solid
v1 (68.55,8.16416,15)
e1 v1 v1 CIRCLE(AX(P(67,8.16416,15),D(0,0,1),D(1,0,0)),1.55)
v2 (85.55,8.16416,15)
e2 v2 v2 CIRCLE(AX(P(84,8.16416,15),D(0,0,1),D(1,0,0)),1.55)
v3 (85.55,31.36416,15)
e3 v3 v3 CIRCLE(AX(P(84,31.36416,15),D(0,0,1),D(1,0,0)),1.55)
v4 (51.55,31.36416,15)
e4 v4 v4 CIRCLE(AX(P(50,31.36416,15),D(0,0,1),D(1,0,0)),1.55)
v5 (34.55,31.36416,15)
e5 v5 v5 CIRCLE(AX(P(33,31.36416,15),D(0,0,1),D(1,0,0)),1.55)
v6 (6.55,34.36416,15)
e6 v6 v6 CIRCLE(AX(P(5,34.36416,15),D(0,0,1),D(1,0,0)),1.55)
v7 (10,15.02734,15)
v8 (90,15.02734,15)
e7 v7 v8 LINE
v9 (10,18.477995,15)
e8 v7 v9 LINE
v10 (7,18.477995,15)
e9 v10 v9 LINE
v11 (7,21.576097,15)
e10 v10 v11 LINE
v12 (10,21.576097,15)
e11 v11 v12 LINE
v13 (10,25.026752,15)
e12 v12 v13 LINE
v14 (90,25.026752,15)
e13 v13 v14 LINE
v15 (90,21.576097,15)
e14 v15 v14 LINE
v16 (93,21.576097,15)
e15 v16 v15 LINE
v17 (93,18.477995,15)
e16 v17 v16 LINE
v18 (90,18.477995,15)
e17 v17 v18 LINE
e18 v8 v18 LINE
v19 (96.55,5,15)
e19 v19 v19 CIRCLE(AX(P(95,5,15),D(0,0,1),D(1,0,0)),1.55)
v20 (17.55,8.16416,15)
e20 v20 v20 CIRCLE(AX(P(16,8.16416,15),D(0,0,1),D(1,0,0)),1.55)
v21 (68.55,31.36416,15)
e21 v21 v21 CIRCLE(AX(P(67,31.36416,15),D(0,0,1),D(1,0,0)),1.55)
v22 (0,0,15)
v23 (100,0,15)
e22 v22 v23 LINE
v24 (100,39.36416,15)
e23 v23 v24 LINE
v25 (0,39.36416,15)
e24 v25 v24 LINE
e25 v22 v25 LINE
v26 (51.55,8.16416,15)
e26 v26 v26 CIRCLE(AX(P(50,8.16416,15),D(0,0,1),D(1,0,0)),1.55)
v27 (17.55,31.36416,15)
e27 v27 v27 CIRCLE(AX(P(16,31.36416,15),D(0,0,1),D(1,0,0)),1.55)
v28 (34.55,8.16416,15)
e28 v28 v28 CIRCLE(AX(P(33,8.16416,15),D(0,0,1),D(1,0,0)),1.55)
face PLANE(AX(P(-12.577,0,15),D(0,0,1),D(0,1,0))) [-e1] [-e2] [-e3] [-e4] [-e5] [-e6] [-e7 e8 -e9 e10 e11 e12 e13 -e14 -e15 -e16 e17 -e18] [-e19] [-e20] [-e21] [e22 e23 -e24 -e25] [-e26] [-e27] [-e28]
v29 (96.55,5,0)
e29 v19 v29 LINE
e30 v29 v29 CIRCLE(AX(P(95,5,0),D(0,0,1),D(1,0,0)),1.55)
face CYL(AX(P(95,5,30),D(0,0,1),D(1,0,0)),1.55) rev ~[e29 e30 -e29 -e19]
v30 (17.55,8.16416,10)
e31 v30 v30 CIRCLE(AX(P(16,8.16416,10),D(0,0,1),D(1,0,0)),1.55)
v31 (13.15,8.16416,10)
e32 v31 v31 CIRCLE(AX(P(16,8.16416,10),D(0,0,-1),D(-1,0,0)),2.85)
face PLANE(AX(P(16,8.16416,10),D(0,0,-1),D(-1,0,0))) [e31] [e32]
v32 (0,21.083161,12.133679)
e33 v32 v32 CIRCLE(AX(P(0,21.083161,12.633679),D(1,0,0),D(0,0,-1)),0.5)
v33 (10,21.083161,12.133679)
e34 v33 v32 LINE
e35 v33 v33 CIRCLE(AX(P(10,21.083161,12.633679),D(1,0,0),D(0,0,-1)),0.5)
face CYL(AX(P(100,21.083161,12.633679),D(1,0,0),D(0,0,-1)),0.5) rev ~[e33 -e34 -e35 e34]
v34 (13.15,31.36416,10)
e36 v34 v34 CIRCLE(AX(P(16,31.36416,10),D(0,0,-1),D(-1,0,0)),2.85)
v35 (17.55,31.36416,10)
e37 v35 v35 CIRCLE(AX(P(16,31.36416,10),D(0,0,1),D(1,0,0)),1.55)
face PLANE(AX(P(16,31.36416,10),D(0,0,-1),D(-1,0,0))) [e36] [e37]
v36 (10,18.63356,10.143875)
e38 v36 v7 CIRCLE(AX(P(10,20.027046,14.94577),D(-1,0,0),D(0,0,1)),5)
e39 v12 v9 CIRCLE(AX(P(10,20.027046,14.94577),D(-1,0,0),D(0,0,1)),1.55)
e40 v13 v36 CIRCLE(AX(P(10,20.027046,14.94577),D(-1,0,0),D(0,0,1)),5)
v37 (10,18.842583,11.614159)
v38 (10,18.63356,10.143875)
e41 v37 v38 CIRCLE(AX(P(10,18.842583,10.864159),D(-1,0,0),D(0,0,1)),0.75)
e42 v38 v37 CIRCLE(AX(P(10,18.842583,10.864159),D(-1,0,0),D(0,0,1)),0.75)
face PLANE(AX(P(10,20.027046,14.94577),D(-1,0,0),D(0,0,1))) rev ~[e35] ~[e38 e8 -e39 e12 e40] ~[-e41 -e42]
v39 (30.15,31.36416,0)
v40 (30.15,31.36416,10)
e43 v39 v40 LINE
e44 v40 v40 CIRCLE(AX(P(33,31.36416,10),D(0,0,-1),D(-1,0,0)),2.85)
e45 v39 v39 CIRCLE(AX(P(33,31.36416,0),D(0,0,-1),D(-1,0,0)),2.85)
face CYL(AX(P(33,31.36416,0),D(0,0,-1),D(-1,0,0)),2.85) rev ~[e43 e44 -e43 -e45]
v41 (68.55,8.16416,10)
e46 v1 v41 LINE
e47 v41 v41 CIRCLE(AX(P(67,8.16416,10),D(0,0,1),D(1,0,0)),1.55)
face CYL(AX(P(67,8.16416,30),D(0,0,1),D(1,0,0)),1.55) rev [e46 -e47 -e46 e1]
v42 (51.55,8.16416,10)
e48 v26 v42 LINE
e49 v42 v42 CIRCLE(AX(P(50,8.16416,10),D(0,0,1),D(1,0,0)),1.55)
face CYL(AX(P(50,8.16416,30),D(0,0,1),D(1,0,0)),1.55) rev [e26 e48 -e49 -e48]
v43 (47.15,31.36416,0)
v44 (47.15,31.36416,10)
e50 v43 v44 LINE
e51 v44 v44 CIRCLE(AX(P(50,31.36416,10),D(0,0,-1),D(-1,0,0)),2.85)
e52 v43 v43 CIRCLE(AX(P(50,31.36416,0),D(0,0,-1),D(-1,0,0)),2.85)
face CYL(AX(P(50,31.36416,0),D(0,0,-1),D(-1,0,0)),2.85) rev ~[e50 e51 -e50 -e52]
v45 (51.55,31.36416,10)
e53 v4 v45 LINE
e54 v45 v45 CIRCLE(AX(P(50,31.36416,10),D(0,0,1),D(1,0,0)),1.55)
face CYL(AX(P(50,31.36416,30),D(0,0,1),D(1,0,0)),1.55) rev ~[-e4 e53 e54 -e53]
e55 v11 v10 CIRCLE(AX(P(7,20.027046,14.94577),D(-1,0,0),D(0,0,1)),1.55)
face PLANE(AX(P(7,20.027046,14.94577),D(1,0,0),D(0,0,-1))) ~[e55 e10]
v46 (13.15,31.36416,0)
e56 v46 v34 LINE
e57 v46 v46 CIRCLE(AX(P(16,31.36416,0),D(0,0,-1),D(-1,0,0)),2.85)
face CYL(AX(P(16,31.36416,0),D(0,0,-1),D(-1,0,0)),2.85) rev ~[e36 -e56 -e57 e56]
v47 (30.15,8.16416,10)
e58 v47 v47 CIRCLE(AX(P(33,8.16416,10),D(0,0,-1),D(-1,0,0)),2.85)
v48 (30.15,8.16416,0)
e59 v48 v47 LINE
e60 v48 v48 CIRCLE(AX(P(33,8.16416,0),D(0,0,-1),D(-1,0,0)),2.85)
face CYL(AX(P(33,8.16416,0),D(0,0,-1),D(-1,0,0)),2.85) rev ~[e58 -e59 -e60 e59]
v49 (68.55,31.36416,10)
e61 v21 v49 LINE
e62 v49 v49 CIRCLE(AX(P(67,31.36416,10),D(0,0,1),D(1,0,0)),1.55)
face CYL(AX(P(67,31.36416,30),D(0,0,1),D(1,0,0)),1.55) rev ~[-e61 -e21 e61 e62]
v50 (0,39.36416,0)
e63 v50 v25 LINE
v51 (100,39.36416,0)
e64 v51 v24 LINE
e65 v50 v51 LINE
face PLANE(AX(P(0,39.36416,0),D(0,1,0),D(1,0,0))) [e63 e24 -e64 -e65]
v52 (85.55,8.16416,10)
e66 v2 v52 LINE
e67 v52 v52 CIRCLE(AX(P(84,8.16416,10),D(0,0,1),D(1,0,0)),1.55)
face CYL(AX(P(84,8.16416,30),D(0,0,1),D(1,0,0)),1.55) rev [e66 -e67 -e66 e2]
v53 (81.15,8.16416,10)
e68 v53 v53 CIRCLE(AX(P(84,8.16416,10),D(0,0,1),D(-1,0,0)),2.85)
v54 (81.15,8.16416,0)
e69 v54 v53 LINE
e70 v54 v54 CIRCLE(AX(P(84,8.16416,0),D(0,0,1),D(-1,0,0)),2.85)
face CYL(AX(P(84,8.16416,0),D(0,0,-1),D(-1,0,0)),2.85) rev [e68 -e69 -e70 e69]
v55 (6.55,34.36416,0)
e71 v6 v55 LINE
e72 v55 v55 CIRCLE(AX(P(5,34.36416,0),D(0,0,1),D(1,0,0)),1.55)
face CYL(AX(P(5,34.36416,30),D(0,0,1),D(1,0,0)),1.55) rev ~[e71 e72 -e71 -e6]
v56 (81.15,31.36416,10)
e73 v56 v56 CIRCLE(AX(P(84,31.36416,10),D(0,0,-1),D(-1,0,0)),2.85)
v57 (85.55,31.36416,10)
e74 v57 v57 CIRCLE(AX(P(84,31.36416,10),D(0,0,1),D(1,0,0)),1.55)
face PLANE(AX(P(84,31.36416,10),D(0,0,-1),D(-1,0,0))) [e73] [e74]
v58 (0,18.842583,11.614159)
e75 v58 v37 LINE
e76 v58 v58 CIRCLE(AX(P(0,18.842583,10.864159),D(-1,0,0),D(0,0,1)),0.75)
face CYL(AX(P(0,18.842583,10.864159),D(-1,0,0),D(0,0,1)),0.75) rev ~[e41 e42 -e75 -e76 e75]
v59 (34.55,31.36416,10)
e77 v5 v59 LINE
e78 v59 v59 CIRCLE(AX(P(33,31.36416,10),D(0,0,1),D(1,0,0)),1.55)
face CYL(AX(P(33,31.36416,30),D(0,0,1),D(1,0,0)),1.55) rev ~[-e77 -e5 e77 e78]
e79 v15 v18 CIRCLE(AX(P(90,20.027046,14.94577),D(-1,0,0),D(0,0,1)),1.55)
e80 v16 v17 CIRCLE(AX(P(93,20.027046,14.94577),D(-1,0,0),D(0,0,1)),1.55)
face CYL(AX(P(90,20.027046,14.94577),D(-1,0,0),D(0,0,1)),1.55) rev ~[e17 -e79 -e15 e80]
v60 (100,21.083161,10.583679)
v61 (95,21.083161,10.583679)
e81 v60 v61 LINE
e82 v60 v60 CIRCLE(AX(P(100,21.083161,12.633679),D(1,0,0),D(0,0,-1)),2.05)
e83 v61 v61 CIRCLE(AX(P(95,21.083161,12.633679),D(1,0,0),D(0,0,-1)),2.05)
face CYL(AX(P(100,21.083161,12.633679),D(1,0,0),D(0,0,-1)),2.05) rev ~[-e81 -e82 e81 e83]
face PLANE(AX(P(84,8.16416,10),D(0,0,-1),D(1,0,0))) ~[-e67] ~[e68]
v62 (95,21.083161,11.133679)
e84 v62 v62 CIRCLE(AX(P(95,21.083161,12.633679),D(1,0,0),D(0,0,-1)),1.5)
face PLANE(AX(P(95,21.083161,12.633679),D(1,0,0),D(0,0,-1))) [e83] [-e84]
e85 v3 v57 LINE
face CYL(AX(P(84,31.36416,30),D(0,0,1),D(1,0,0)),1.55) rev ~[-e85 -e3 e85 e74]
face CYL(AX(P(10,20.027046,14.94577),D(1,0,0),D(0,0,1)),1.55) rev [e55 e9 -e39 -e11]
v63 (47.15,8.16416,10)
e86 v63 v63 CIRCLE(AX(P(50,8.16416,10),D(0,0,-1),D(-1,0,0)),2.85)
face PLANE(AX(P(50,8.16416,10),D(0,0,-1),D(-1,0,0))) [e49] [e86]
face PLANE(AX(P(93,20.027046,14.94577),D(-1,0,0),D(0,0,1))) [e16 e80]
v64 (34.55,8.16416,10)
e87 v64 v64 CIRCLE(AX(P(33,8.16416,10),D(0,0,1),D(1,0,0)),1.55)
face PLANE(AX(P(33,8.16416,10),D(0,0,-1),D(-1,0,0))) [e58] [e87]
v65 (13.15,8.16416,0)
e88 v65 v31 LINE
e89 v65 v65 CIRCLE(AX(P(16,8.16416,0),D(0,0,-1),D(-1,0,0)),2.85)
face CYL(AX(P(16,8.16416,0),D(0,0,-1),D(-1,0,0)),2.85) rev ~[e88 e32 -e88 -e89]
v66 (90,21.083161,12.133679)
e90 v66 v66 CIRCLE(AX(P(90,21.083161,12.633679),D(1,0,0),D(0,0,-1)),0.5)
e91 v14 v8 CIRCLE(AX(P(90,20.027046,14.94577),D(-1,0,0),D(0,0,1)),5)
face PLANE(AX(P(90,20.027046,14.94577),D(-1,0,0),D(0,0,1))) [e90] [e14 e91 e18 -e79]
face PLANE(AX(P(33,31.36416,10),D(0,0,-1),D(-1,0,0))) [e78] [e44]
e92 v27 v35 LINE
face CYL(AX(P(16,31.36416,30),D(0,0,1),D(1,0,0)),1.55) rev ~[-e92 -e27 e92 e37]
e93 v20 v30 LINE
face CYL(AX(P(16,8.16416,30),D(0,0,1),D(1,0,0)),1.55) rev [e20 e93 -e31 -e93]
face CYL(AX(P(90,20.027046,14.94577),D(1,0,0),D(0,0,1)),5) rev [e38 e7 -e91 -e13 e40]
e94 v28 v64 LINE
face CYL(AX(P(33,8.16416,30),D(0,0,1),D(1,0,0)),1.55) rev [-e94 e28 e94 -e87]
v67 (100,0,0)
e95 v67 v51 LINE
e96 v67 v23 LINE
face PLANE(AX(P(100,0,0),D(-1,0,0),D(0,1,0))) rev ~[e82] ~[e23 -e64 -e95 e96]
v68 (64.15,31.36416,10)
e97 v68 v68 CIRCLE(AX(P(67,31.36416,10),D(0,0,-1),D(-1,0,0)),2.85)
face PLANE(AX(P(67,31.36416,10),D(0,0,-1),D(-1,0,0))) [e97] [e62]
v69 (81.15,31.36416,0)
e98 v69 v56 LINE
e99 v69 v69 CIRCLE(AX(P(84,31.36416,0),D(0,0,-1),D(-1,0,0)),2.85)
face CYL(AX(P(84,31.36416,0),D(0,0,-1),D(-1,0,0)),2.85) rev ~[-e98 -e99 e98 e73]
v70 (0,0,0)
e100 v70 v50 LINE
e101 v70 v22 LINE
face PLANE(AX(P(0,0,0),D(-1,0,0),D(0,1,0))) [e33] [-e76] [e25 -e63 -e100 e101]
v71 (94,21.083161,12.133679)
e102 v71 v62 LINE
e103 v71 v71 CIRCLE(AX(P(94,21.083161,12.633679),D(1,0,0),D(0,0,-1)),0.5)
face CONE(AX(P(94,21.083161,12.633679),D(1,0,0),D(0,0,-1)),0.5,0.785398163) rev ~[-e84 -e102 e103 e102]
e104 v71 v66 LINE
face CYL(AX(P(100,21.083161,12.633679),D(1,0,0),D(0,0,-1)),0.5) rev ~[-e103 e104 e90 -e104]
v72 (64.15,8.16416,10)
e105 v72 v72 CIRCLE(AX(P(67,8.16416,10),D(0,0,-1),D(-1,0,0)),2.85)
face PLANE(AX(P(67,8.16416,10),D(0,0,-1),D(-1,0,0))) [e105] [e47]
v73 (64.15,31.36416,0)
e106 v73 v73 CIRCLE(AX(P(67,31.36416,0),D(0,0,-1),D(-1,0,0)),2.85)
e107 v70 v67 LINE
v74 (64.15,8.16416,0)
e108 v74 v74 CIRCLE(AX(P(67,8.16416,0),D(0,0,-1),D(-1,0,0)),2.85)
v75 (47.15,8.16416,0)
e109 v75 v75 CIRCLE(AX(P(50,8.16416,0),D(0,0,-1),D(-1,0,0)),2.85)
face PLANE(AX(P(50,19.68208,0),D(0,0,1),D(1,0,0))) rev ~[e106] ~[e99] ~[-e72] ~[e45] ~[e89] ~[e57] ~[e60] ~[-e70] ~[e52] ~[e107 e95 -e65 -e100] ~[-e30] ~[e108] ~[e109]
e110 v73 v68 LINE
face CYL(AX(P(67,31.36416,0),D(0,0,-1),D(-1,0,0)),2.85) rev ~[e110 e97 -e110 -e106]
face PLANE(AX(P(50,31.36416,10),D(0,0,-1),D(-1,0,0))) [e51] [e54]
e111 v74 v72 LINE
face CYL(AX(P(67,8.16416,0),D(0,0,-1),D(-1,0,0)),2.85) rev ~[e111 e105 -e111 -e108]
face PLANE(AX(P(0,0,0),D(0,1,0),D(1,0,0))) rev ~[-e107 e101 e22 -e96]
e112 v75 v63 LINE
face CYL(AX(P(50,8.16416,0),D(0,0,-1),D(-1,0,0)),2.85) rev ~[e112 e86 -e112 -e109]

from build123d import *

# Parameters (mm, degrees)
SKIZZE2_W                            = 100
SKIZZE2_H                            = 39.364160046
AUFSATZ_LINEAR_AUSTRAGEN1_DEPTH      = 30
SCHNITT_LINEAR_AUSTRAGEN1_DEPTH      = 40
SCHNITT_LINEAR_AUSTRAGEN1_DEPTH_BACK = 40
SKIZZE10_R                           = 5
SKIZZE17_R                           = 1.55
SCHNITT_LINEAR_AUSTRAGEN2_DEPTH      = 3
SKIZZE24_R                           = 1.55
SCHNITT_LINEAR_AUSTRAGEN4_DEPTH      = 112.577493681
SKIZZE37_R                           = 0.736865544
SCHNITT_LINEAR_AUSTRAGEN9_DEPTH      = 112.577493681
SKIZZE40_R                           = 2.1
SCHNITT_LINEAR_AUSTRAGEN10_DEPTH     = 6
SKIZZE42_R                           = 0.75
SCHNITT_LINEAR_AUSTRAGEN12_DEPTH     = 10
SKIZZE46_R                           = 2.85
SCHNITT_LINEAR_AUSTRAGEN15_DEPTH     = 10
SCHNITT_LINEAR_START                 = -5
SCHNITT_LINEAR_AUSTRAGEN25_DEPTH     = 2.7
LINEARES_MUSTER1_COUNT               = 5
LINEARES_MUSTER1_PITCH               = 17
SPIEGELN2_COPY_1_SKETCH_R            = 2.85
SPIEGELN2_COPY_1_DEPTH               = 10
SPIEGELN2_COPY_2_SKETCH_R            = 2.85
SPIEGELN2_COPY_2_DEPTH               = 10
SPIEGELN2_COPY_3_SKETCH_R            = 2.85
SPIEGELN2_COPY_3_DEPTH               = 10
SPIEGELN2_COPY_4_SKETCH_R            = 2.85
SPIEGELN2_COPY_4_DEPTH               = 10
SPIEGELN2_START                      = -5
SPIEGELN2_COPY_5_DEPTH               = 2.7
SPIEGELN2_COPY_6_DEPTH               = 2.7
SPIEGELN2_COPY_7_DEPTH               = 2.7
SPIEGELN2_COPY_8_DEPTH               = 2.7
SKIZZE51_R                           = 1.55
SCHNITT_LINEAR_AUSTRAGEN26_DEPTH     = 112.577493681
SKIZZE55_R                           = 0.5
SCHNITT_LINEAR_AUSTRAGEN28_DEPTH     = 112.577493681
SKIZZE59_R                           = 2.05
SCHNITT_LINEAR_AUSTRAGEN30_DEPTH     = 5
FASE1_SIZE                           = 1
FASE2_SIZE                           = 1
ABSPALTEN3_SURFACE_1_BACK            = 112.577
ABSPALTEN3_SURFACE_1_DEPTH           = 225.154


with BuildPart() as part:
    # Skizze2 → Aufsatz-Linear austragen1 (new body)
    with BuildSketch(Plane.XY):
        with Locations((50, 19.682080023)):
            Rectangle(SKIZZE2_W, SKIZZE2_H)
    extrude(amount=AUFSATZ_LINEAR_AUSTRAGEN1_DEPTH)

    # Skizze10 → Schnitt-Linear austragen1 (cut, two sides: drawn at the far end of the back side and taken through both)
    with BuildSketch(Plane.ZY.offset(-50).offset(-SCHNITT_LINEAR_AUSTRAGEN1_DEPTH_BACK)):
        with Locations((14.945770016, 20.027045739)):
            Circle(SKIZZE10_R)
    extrude(amount=SCHNITT_LINEAR_AUSTRAGEN1_DEPTH + SCHNITT_LINEAR_AUSTRAGEN1_DEPTH_BACK, mode=Mode.SUBTRACT)

    # Skizze17 → Schnitt-Linear austragen2 (cut)
    with BuildSketch(Plane.ZY.offset(-90)):
        with Locations((14.945770016, 20.027045739)):
            Circle(SKIZZE17_R)
    schnitt_linear_austragen2 = extrude(amount=-SCHNITT_LINEAR_AUSTRAGEN2_DEPTH, mode=Mode.SUBTRACT)

    # Spiegeln1: Schnitt-Linear austragen2 across plane
    add(schnitt_linear_austragen2.mirror(Plane.ZY.offset(-50)), mode=Mode.SUBTRACT)

    # Skizze24 → Schnitt-Linear austragen4 (cut, through all)
    with BuildSketch(Plane.XY.offset(30)):
        with Locations((16, 31.364160046)):
            Circle(SKIZZE24_R)
        with Locations((33, 31.364160046)):
            Circle(SKIZZE24_R)
        with Locations((50, 31.364160046)):
            Circle(SKIZZE24_R)
        with Locations((67, 31.364160046)):
            Circle(SKIZZE24_R)
        with Locations((84, 31.364160046)):
            Circle(SKIZZE24_R)
    schnitt_linear_austragen4 = extrude(amount=-SCHNITT_LINEAR_AUSTRAGEN4_DEPTH, mode=Mode.SUBTRACT)

    # Skizze37 → Schnitt-Linear austragen9 (cut, through all)
    with BuildSketch(Plane(origin=(100, 0, 0), x_dir=(0, 0, -1), z_dir=(1, 0, 0))):
        with Locations((-18.924590299, 18.633559666)):
            Circle(SKIZZE37_R)
    extrude(amount=-SCHNITT_LINEAR_AUSTRAGEN9_DEPTH, mode=Mode.SUBTRACT)

    # Skizze40 → Schnitt-Linear austragen10 (cut)
    with BuildSketch(Plane(origin=(100, 0, 0), x_dir=(0, 0, -1), z_dir=(1, 0, 0))):
        with Locations((-18.924590299, 18.633559666)):
            Circle(SKIZZE40_R)
    extrude(amount=-SCHNITT_LINEAR_AUSTRAGEN10_DEPTH, mode=Mode.SUBTRACT)

    # Skizze42 → Schnitt-Linear austragen12 (cut)
    with BuildSketch(Plane.ZY):
        with Locations((10.86415918, 18.842582577)):
            Circle(SKIZZE42_R)
    extrude(amount=-SCHNITT_LINEAR_AUSTRAGEN12_DEPTH, mode=Mode.SUBTRACT)

    # Skizze46 → Schnitt-Linear austragen15 (cut)
    with BuildSketch(Plane(origin=(0, 0, 0), x_dir=(-1, 0, 0), z_dir=(0, 0, -1))):
        with Locations((-84, 31.364160046)):
            Circle(SKIZZE46_R)
    schnitt_linear_austragen15 = extrude(amount=-SCHNITT_LINEAR_AUSTRAGEN15_DEPTH, mode=Mode.SUBTRACT)

    # Skizze50 → Schnitt-Linear austragen25 (cut)
    with BuildSketch(Plane.XY.offset(30).offset(SCHNITT_LINEAR_START)):
        Polygon((81.15, 33.009608314), (81.15, 39.364160046), (86.85, 39.364160046), (86.85, 33.009608314), (86.85, 29.718711779), (84, 28.073263512), (81.15, 29.718711779), align=None)
    schnitt_linear_austragen25 = extrude(amount=-SCHNITT_LINEAR_AUSTRAGEN25_DEPTH, mode=Mode.SUBTRACT)

    # Lineares Muster1: Schnitt-Linear austragen15, Schnitt-Linear austragen25 ×5
    with Locations(*[(-i * LINEARES_MUSTER1_PITCH, 0, 0) for i in range(1, LINEARES_MUSTER1_COUNT)]):
        add(schnitt_linear_austragen15, mode=Mode.SUBTRACT)
        add(schnitt_linear_austragen25, mode=Mode.SUBTRACT)

    # Spiegeln2: Schnitt-Linear austragen15, Schnitt-Linear austragen25 across plane
    add(schnitt_linear_austragen15.mirror(Plane.ZX.offset(19.764160046)), mode=Mode.SUBTRACT)
    add(schnitt_linear_austragen25.mirror(Plane.ZX.offset(19.764160046)), mode=Mode.SUBTRACT)

    # Spiegeln2 copy 1 sketch → Spiegeln2 copy 1 (cut)
    with BuildSketch(Plane(origin=(-17, 39.528320093, 0), x_dir=(-1, 0, 0), z_dir=(0, 0, -1))):
        with Locations((-84, -31.364160046)):
            Circle(SPIEGELN2_COPY_1_SKETCH_R)
    extrude(amount=-SPIEGELN2_COPY_1_DEPTH, mode=Mode.SUBTRACT)

    # Spiegeln2 copy 2 sketch → Spiegeln2 copy 2 (cut)
    with BuildSketch(Plane(origin=(-34, 39.528320093, 0), x_dir=(-1, 0, 0), z_dir=(0, 0, -1))):
        with Locations((-84, -31.364160046)):
            Circle(SPIEGELN2_COPY_2_SKETCH_R)
    extrude(amount=-SPIEGELN2_COPY_2_DEPTH, mode=Mode.SUBTRACT)

    # Spiegeln2 copy 3 sketch → Spiegeln2 copy 3 (cut)
    with BuildSketch(Plane(origin=(-51, 39.528320093, 0), x_dir=(-1, 0, 0), z_dir=(0, 0, -1))):
        with Locations((-84, -31.364160046)):
            Circle(SPIEGELN2_COPY_3_SKETCH_R)
    extrude(amount=-SPIEGELN2_COPY_3_DEPTH, mode=Mode.SUBTRACT)

    # Spiegeln2 copy 4 sketch → Spiegeln2 copy 4 (cut)
    with BuildSketch(Plane(origin=(-68, 39.528320093, 0), x_dir=(-1, 0, 0), z_dir=(0, 0, -1))):
        with Locations((-84, -31.364160046)):
            Circle(SPIEGELN2_COPY_4_SKETCH_R)
    extrude(amount=-SPIEGELN2_COPY_4_DEPTH, mode=Mode.SUBTRACT)

    # Spiegeln2 copy 5 sketch → Spiegeln2 copy 5 (cut)
    with BuildSketch(Plane(origin=(-17, 39.528320093, 30), x_dir=(1, 0, 0), z_dir=(0, 0, 1)).offset(SPIEGELN2_START)):
        Polygon((81.15, -33.009608314), (81.15, -39.364160046), (86.85, -39.364160046), (86.85, -33.009608314), (86.85, -29.718711779), (84, -28.073263512), (81.15, -29.718711779), align=None)
    extrude(amount=-SPIEGELN2_COPY_5_DEPTH, mode=Mode.SUBTRACT)

    # Spiegeln2 copy 6 sketch → Spiegeln2 copy 6 (cut)
    with BuildSketch(Plane(origin=(-34, 39.528320093, 30), x_dir=(1, 0, 0), z_dir=(0, 0, 1)).offset(SPIEGELN2_START)):
        Polygon((81.15, -33.009608314), (81.15, -39.364160046), (86.85, -39.364160046), (86.85, -33.009608314), (86.85, -29.718711779), (84, -28.073263512), (81.15, -29.718711779), align=None)
    extrude(amount=-SPIEGELN2_COPY_6_DEPTH, mode=Mode.SUBTRACT)

    # Spiegeln2 copy 7 sketch → Spiegeln2 copy 7 (cut)
    with BuildSketch(Plane(origin=(-51, 39.528320093, 30), x_dir=(1, 0, 0), z_dir=(0, 0, 1)).offset(SPIEGELN2_START)):
        Polygon((81.15, -33.009608314), (81.15, -39.364160046), (86.85, -39.364160046), (86.85, -33.009608314), (86.85, -29.718711779), (84, -28.073263512), (81.15, -29.718711779), align=None)
    extrude(amount=-SPIEGELN2_COPY_7_DEPTH, mode=Mode.SUBTRACT)

    # Spiegeln2 copy 8 sketch → Spiegeln2 copy 8 (cut)
    with BuildSketch(Plane(origin=(-68, 39.528320093, 30), x_dir=(1, 0, 0), z_dir=(0, 0, 1)).offset(SPIEGELN2_START)):
        Polygon((81.15, -33.009608314), (81.15, -39.364160046), (86.85, -39.364160046), (86.85, -33.009608314), (86.85, -29.718711779), (84, -28.073263512), (81.15, -29.718711779), align=None)
    extrude(amount=-SPIEGELN2_COPY_8_DEPTH, mode=Mode.SUBTRACT)

    # Spiegeln3: Schnitt-Linear austragen4 across plane
    add(schnitt_linear_austragen4.mirror(Plane.ZX.offset(19.764160046)), mode=Mode.SUBTRACT)

    # Skizze51 → Schnitt-Linear austragen26 (cut, through all)
    with BuildSketch(Plane.XY.offset(30)):
        with Locations((5, 34.364160046)):
            Circle(SKIZZE51_R)
        with Locations((95, 5)):
            Circle(SKIZZE51_R)
    extrude(amount=-SCHNITT_LINEAR_AUSTRAGEN26_DEPTH, mode=Mode.SUBTRACT)

    # Skizze55 → Schnitt-Linear austragen28 (cut, through all)
    with BuildSketch(Plane(origin=(100, 0, 0), x_dir=(0, 0, -1), z_dir=(1, 0, 0))):
        with Locations((-12.633679338, 21.083160509)):
            Circle(SKIZZE55_R)
    extrude(amount=-SCHNITT_LINEAR_AUSTRAGEN28_DEPTH, mode=Mode.SUBTRACT)

    # Skizze59 → Schnitt-Linear austragen30 (cut)
    with BuildSketch(Plane(origin=(100, 0, 0), x_dir=(0, 0, -1), z_dir=(1, 0, 0))):
        with Locations((-12.633679338, 21.083160509)):
            Circle(SKIZZE59_R)
    extrude(amount=-SCHNITT_LINEAR_AUSTRAGEN30_DEPTH, mode=Mode.SUBTRACT)

    # Fase1
    fase1_edges = [part.edges().sort_by_distance(p)[0] for p in [
        (94, 18.633559666, 19.661455843),
    ]]
    chamfer(fase1_edges, length=FASE1_SIZE)

    # Fase2
    fase2_edges = [part.edges().sort_by_distance(p)[0] for p in [
        (95, 21.083160509, 13.133679338),
    ]]
    chamfer(fase2_edges, length=FASE2_SIZE)

    # Abspalten3: cut with a surface, the side behind it stays
    # Abspalten3 surface: a surface, the sketch's curves swept straight by 225.154 mm
    with BuildLine(Plane(origin=(100, 0, 0), x_dir=(0, 0, -1), z_dir=(1, 0, 0)).offset(-ABSPALTEN3_SURFACE_1_BACK), mode=Mode.PRIVATE) as abspalten3_surface_1_path:
        Line((-15, 39.364160046), (0, 39.364160046))
        Line((0, 39.364160046), (0, 0))
        Line((0, 0), (-15, 0))
        Line((-15, 0), (-15, 39.364160046))
    abspalten3_surface_1 = Shell.extrude(abspalten3_surface_1_path.wire(), (1 * ABSPALTEN3_SURFACE_1_DEPTH, 0 * ABSPALTEN3_SURFACE_1_DEPTH, 0 * ABSPALTEN3_SURFACE_1_DEPTH))
    split(bisect_by=abspalten3_surface_1, keep=Keep.BOTTOM)


solid = part.part
